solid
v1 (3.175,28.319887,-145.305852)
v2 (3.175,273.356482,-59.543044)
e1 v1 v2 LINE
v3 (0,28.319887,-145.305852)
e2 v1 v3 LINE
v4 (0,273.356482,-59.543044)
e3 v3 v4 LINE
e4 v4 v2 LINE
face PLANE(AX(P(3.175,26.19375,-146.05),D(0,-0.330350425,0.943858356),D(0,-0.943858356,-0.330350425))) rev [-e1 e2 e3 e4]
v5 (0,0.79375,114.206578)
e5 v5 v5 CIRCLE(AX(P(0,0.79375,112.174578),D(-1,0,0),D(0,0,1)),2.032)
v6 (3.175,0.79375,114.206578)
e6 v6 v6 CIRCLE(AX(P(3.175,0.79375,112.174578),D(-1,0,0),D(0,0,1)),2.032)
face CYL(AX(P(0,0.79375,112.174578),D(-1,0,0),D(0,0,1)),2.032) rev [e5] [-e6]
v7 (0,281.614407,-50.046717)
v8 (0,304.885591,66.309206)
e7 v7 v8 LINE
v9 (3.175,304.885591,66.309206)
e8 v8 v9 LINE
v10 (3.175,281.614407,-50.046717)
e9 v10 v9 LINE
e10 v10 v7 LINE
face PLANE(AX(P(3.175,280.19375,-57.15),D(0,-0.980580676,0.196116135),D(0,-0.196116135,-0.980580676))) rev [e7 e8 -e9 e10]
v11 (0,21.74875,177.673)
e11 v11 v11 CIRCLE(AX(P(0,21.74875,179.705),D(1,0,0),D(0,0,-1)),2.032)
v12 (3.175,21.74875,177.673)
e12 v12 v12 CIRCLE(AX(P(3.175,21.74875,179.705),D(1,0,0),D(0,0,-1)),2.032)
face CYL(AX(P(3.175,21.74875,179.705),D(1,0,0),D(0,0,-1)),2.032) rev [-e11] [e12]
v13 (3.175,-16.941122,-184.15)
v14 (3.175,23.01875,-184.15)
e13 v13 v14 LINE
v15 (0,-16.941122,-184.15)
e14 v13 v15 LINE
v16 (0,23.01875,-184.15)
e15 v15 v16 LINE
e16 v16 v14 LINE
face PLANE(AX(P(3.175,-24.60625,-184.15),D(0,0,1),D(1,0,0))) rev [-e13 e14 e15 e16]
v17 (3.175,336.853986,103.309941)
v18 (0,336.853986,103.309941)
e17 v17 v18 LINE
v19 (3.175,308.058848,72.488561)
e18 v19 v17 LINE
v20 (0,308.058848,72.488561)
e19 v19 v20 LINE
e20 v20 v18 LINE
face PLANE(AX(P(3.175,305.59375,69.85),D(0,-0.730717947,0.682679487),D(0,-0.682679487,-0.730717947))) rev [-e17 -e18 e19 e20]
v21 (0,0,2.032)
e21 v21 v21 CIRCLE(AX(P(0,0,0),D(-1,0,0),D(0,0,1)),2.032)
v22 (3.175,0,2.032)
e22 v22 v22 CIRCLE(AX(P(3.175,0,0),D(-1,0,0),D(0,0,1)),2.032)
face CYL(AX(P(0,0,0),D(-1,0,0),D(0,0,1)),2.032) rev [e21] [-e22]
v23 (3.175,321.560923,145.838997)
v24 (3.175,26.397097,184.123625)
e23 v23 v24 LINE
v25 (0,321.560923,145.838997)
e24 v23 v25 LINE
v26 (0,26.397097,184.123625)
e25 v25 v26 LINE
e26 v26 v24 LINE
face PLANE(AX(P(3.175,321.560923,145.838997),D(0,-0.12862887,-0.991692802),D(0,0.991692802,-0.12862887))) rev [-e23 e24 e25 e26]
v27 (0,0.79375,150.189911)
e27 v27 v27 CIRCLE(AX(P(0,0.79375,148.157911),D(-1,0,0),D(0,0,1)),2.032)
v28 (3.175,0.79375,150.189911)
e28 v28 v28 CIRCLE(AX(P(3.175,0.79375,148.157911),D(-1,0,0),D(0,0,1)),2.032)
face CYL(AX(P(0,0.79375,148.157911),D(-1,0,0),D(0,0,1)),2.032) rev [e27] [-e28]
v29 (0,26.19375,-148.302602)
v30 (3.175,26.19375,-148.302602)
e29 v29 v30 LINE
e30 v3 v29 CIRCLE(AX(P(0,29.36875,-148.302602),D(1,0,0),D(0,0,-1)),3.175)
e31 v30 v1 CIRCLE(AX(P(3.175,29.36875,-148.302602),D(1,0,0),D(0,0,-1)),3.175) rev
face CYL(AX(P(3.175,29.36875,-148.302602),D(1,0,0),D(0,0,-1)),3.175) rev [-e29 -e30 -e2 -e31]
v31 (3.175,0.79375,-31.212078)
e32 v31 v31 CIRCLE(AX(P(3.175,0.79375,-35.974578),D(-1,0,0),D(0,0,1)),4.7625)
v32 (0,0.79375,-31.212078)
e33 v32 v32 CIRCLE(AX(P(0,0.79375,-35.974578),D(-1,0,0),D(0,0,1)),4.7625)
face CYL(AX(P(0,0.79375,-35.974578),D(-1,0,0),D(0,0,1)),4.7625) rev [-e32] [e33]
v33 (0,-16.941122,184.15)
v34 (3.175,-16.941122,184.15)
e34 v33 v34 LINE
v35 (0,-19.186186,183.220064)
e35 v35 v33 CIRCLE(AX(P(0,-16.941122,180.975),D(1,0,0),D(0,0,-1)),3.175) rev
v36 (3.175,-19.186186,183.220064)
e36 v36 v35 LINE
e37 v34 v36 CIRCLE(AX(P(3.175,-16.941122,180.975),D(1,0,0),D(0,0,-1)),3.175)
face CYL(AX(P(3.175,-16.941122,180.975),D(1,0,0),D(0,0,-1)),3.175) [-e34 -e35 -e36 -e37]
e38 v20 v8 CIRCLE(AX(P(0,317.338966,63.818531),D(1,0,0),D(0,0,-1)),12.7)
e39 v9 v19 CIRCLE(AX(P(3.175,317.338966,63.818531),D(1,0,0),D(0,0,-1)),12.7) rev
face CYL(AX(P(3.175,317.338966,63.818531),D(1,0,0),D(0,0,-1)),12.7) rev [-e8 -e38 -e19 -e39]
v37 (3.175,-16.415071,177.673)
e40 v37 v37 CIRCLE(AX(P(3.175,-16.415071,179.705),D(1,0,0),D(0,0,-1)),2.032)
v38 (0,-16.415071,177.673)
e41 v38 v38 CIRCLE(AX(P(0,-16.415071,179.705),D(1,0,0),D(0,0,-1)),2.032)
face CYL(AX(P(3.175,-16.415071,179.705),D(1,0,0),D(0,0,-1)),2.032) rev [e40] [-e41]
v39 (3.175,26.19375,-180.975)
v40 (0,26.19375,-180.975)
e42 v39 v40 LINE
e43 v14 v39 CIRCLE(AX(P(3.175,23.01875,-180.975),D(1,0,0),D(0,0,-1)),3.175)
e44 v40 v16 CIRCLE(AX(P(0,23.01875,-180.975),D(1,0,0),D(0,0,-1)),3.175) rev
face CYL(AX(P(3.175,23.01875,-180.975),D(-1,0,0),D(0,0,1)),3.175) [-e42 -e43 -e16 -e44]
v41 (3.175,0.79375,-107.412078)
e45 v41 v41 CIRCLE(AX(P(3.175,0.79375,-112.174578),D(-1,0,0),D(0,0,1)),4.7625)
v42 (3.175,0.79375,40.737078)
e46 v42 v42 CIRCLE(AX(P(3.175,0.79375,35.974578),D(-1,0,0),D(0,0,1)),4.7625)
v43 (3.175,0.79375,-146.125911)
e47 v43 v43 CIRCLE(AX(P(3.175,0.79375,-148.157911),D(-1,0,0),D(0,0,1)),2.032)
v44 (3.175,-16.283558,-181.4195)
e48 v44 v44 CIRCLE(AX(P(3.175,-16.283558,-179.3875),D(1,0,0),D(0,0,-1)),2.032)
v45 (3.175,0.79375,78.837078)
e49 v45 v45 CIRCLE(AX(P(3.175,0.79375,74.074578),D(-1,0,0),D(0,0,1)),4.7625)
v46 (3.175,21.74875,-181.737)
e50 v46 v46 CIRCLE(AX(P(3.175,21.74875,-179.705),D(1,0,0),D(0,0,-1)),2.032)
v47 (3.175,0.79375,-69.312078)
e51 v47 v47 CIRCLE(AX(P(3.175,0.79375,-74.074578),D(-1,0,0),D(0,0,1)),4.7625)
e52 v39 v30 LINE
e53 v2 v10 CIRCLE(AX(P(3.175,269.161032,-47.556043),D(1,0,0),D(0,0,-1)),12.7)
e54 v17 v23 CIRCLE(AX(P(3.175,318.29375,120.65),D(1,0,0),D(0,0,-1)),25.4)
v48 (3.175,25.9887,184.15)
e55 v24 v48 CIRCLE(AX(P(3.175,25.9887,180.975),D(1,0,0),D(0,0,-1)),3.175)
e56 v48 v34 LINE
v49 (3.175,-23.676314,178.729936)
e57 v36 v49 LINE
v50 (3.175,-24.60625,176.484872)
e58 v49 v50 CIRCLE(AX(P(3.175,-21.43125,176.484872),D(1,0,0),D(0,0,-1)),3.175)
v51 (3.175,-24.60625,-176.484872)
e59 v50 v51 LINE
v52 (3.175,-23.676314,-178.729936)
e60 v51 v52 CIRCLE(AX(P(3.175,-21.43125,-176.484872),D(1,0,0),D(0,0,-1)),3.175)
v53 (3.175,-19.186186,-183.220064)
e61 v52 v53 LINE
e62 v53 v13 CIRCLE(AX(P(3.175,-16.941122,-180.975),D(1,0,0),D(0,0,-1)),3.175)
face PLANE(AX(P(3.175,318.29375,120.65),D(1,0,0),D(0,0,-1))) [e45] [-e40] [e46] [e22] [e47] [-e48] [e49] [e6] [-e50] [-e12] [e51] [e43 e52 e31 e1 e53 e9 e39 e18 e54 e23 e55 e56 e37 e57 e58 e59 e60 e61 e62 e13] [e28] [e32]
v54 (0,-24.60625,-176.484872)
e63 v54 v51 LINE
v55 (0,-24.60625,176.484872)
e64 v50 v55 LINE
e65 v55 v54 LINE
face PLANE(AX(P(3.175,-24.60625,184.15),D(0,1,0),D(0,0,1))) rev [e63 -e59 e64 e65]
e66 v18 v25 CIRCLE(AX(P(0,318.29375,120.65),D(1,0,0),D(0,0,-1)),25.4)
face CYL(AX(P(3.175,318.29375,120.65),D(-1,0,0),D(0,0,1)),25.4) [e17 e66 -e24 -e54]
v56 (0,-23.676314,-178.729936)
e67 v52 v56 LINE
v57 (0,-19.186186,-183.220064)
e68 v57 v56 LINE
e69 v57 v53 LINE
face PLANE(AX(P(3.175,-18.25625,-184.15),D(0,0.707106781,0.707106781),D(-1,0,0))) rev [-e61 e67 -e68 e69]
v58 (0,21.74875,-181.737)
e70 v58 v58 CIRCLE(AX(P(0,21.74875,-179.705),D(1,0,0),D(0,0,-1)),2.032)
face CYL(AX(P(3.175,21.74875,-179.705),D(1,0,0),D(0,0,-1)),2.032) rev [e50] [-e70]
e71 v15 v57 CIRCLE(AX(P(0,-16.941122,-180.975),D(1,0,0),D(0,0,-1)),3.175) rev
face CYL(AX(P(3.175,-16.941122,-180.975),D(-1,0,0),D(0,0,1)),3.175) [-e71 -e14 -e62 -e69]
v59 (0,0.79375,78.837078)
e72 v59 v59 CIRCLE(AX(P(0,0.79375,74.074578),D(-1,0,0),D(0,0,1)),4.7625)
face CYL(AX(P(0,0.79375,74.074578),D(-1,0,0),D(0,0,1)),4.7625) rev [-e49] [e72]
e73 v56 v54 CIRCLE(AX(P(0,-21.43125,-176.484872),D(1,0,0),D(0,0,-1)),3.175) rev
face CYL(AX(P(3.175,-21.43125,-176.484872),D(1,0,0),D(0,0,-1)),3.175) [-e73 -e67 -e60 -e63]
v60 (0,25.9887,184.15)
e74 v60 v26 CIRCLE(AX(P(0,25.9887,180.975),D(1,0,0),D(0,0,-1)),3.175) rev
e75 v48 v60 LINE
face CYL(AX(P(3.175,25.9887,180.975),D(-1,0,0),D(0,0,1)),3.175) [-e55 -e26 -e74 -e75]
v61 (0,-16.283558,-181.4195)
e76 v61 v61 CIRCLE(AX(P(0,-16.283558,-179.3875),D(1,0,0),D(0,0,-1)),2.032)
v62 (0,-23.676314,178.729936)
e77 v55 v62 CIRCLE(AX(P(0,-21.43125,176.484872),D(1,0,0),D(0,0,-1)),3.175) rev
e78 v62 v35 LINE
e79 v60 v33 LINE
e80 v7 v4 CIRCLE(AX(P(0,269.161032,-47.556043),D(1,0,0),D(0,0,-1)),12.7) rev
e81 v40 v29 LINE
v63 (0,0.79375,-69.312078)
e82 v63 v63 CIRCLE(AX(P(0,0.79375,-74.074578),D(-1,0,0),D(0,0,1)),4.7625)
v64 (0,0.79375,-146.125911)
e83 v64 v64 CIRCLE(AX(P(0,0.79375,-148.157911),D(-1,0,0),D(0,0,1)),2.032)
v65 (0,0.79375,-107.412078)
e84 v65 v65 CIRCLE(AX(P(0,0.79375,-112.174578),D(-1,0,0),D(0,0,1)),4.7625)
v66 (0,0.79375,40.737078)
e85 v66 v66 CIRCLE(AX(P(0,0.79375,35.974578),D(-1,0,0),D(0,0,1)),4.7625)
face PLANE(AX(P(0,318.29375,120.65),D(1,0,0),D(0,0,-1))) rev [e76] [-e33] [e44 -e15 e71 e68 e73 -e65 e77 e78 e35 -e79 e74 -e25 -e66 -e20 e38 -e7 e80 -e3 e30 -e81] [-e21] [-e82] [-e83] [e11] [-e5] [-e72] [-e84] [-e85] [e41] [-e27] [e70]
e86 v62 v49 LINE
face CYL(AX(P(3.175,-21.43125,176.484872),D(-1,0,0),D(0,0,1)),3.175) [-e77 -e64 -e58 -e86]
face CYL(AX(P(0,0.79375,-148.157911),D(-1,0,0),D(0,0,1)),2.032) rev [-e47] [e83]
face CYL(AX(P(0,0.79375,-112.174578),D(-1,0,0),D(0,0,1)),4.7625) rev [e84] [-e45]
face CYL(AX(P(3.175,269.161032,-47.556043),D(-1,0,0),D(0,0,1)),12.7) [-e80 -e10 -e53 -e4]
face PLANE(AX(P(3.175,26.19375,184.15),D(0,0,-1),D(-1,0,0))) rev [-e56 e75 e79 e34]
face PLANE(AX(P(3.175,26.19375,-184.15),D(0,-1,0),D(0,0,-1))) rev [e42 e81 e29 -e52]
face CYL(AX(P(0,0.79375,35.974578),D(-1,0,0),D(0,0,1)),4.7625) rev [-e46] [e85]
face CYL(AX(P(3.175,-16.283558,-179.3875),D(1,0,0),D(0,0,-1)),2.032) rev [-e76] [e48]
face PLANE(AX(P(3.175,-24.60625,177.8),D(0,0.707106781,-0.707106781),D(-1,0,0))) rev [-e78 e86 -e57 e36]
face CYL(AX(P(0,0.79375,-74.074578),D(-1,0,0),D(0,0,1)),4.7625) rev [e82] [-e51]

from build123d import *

# Parameters (mm, degrees)
BOSS_EXTRUDE1_DEPTH          = 3.175
CHAMFER1_SIZE                = 6.35
FILLET1_R                    = 12.7
F_3_8_0_375_DIAMETER_HOLE1_D = 9.525
F_8_CLEARANCE_HOLE1_D        = 4.064
FILLET2_R                    = 3.175
FILLET3_R                    = 3.175
F_8_CLEARANCE_HOLE2_D        = 4.064


with BuildPart() as part:
    # Sketch1 → Boss-Extrude1 (new body)
    with BuildSketch(Plane(origin=(0, 0, 0), x_dir=(0, 0, -1), z_dir=(1, 0, 0))):
        with BuildLine():
            Line((-184.15, -24.60625), (184.15, -24.60625))
            Line((184.15, -24.60625), (184.15, 26.19375))
            Line((184.15, 26.19375), (146.05, 26.19375))
            Line((146.05, 26.19375), (57.15, 280.19375))
            Line((57.15, 280.19375), (-69.85, 305.59375))
            Line((-69.85, 305.59375), (-103.309941035, 336.853985858))
            ThreePointArc((-103.309941035, 336.853985858), (-129.244818111, 342.195404789), (-145.838997174, 321.560923299))
            Line((-145.838997174, 321.560923299), (-184.15, 26.19375))
            Line((-184.15, 26.19375), (-184.15, -24.60625))
        make_face()
    extrude(amount=BOSS_EXTRUDE1_DEPTH)

    # Chamfer1
    chamfer1_edges = [part.edges().sort_by_distance(p)[0] for p in [
        (1.5875, -24.60625, -184.15),
        (1.5875, -24.60625, 184.15),
    ]]
    chamfer(chamfer1_edges, length=CHAMFER1_SIZE)

    # Fillet1
    fillet1_edges = [part.edges().sort_by_distance(p)[0] for p in [
        (1.5875, 305.59375, 69.85),
        (1.5875, 280.19375, -57.15),
    ]]
    fillet(fillet1_edges, radius=FILLET1_R)

    # 3/8 (0.375) Diameter Hole1 (through all)
    with Locations(Plane.ZY):
        with Locations((-112.174577673, 0.79375), (-74.074577673, 0.79375), (-35.974577673, 0.79375), (35.974577673, 0.79375), (74.074577673, 0.79375)):
            Hole(F_3_8_0_375_DIAMETER_HOLE1_D / 2)

    # #8 Clearance Hole1 (through all)
    with Locations(Plane.ZY):
        with Locations((148.157911006, 0.79375), (112.174577673, 0.79375), (-148.157911006, 0.79375), (0, 0)):
            Hole(F_8_CLEARANCE_HOLE1_D / 2)

    # Fillet2
    fillet2_edges = [part.edges().sort_by_distance(p)[0] for p in [
        (1.5875, 26.19375, 184.15),
        (1.5875, 26.19375, -146.05),
        (1.5875, 26.19375, -184.15),
    ]]
    fillet(fillet2_edges, radius=FILLET2_R)

    # Fillet3
    fillet3_edges = [part.edges().sort_by_distance(p)[0] for p in [
        (1.5875, -24.60625, -177.8),
        (1.5875, -24.60625, 177.8),
        (1.5875, -18.25625, 184.15),
        (1.5875, -18.25625, -184.15),
    ]]
    fillet(fillet3_edges, radius=FILLET3_R)

    # #8 Clearance Hole2 (through all)
    with Locations(Plane(origin=(3.175, 0, 0), x_dir=(0, 0, -1), z_dir=(1, 0, 0))):
        with Locations((-179.705, 21.74875), (-179.705, -16.415070715), (179.705, 21.74875), (179.3875, -16.283557909)):
            Hole(F_8_CLEARANCE_HOLE2_D / 2)


solid = part.part
